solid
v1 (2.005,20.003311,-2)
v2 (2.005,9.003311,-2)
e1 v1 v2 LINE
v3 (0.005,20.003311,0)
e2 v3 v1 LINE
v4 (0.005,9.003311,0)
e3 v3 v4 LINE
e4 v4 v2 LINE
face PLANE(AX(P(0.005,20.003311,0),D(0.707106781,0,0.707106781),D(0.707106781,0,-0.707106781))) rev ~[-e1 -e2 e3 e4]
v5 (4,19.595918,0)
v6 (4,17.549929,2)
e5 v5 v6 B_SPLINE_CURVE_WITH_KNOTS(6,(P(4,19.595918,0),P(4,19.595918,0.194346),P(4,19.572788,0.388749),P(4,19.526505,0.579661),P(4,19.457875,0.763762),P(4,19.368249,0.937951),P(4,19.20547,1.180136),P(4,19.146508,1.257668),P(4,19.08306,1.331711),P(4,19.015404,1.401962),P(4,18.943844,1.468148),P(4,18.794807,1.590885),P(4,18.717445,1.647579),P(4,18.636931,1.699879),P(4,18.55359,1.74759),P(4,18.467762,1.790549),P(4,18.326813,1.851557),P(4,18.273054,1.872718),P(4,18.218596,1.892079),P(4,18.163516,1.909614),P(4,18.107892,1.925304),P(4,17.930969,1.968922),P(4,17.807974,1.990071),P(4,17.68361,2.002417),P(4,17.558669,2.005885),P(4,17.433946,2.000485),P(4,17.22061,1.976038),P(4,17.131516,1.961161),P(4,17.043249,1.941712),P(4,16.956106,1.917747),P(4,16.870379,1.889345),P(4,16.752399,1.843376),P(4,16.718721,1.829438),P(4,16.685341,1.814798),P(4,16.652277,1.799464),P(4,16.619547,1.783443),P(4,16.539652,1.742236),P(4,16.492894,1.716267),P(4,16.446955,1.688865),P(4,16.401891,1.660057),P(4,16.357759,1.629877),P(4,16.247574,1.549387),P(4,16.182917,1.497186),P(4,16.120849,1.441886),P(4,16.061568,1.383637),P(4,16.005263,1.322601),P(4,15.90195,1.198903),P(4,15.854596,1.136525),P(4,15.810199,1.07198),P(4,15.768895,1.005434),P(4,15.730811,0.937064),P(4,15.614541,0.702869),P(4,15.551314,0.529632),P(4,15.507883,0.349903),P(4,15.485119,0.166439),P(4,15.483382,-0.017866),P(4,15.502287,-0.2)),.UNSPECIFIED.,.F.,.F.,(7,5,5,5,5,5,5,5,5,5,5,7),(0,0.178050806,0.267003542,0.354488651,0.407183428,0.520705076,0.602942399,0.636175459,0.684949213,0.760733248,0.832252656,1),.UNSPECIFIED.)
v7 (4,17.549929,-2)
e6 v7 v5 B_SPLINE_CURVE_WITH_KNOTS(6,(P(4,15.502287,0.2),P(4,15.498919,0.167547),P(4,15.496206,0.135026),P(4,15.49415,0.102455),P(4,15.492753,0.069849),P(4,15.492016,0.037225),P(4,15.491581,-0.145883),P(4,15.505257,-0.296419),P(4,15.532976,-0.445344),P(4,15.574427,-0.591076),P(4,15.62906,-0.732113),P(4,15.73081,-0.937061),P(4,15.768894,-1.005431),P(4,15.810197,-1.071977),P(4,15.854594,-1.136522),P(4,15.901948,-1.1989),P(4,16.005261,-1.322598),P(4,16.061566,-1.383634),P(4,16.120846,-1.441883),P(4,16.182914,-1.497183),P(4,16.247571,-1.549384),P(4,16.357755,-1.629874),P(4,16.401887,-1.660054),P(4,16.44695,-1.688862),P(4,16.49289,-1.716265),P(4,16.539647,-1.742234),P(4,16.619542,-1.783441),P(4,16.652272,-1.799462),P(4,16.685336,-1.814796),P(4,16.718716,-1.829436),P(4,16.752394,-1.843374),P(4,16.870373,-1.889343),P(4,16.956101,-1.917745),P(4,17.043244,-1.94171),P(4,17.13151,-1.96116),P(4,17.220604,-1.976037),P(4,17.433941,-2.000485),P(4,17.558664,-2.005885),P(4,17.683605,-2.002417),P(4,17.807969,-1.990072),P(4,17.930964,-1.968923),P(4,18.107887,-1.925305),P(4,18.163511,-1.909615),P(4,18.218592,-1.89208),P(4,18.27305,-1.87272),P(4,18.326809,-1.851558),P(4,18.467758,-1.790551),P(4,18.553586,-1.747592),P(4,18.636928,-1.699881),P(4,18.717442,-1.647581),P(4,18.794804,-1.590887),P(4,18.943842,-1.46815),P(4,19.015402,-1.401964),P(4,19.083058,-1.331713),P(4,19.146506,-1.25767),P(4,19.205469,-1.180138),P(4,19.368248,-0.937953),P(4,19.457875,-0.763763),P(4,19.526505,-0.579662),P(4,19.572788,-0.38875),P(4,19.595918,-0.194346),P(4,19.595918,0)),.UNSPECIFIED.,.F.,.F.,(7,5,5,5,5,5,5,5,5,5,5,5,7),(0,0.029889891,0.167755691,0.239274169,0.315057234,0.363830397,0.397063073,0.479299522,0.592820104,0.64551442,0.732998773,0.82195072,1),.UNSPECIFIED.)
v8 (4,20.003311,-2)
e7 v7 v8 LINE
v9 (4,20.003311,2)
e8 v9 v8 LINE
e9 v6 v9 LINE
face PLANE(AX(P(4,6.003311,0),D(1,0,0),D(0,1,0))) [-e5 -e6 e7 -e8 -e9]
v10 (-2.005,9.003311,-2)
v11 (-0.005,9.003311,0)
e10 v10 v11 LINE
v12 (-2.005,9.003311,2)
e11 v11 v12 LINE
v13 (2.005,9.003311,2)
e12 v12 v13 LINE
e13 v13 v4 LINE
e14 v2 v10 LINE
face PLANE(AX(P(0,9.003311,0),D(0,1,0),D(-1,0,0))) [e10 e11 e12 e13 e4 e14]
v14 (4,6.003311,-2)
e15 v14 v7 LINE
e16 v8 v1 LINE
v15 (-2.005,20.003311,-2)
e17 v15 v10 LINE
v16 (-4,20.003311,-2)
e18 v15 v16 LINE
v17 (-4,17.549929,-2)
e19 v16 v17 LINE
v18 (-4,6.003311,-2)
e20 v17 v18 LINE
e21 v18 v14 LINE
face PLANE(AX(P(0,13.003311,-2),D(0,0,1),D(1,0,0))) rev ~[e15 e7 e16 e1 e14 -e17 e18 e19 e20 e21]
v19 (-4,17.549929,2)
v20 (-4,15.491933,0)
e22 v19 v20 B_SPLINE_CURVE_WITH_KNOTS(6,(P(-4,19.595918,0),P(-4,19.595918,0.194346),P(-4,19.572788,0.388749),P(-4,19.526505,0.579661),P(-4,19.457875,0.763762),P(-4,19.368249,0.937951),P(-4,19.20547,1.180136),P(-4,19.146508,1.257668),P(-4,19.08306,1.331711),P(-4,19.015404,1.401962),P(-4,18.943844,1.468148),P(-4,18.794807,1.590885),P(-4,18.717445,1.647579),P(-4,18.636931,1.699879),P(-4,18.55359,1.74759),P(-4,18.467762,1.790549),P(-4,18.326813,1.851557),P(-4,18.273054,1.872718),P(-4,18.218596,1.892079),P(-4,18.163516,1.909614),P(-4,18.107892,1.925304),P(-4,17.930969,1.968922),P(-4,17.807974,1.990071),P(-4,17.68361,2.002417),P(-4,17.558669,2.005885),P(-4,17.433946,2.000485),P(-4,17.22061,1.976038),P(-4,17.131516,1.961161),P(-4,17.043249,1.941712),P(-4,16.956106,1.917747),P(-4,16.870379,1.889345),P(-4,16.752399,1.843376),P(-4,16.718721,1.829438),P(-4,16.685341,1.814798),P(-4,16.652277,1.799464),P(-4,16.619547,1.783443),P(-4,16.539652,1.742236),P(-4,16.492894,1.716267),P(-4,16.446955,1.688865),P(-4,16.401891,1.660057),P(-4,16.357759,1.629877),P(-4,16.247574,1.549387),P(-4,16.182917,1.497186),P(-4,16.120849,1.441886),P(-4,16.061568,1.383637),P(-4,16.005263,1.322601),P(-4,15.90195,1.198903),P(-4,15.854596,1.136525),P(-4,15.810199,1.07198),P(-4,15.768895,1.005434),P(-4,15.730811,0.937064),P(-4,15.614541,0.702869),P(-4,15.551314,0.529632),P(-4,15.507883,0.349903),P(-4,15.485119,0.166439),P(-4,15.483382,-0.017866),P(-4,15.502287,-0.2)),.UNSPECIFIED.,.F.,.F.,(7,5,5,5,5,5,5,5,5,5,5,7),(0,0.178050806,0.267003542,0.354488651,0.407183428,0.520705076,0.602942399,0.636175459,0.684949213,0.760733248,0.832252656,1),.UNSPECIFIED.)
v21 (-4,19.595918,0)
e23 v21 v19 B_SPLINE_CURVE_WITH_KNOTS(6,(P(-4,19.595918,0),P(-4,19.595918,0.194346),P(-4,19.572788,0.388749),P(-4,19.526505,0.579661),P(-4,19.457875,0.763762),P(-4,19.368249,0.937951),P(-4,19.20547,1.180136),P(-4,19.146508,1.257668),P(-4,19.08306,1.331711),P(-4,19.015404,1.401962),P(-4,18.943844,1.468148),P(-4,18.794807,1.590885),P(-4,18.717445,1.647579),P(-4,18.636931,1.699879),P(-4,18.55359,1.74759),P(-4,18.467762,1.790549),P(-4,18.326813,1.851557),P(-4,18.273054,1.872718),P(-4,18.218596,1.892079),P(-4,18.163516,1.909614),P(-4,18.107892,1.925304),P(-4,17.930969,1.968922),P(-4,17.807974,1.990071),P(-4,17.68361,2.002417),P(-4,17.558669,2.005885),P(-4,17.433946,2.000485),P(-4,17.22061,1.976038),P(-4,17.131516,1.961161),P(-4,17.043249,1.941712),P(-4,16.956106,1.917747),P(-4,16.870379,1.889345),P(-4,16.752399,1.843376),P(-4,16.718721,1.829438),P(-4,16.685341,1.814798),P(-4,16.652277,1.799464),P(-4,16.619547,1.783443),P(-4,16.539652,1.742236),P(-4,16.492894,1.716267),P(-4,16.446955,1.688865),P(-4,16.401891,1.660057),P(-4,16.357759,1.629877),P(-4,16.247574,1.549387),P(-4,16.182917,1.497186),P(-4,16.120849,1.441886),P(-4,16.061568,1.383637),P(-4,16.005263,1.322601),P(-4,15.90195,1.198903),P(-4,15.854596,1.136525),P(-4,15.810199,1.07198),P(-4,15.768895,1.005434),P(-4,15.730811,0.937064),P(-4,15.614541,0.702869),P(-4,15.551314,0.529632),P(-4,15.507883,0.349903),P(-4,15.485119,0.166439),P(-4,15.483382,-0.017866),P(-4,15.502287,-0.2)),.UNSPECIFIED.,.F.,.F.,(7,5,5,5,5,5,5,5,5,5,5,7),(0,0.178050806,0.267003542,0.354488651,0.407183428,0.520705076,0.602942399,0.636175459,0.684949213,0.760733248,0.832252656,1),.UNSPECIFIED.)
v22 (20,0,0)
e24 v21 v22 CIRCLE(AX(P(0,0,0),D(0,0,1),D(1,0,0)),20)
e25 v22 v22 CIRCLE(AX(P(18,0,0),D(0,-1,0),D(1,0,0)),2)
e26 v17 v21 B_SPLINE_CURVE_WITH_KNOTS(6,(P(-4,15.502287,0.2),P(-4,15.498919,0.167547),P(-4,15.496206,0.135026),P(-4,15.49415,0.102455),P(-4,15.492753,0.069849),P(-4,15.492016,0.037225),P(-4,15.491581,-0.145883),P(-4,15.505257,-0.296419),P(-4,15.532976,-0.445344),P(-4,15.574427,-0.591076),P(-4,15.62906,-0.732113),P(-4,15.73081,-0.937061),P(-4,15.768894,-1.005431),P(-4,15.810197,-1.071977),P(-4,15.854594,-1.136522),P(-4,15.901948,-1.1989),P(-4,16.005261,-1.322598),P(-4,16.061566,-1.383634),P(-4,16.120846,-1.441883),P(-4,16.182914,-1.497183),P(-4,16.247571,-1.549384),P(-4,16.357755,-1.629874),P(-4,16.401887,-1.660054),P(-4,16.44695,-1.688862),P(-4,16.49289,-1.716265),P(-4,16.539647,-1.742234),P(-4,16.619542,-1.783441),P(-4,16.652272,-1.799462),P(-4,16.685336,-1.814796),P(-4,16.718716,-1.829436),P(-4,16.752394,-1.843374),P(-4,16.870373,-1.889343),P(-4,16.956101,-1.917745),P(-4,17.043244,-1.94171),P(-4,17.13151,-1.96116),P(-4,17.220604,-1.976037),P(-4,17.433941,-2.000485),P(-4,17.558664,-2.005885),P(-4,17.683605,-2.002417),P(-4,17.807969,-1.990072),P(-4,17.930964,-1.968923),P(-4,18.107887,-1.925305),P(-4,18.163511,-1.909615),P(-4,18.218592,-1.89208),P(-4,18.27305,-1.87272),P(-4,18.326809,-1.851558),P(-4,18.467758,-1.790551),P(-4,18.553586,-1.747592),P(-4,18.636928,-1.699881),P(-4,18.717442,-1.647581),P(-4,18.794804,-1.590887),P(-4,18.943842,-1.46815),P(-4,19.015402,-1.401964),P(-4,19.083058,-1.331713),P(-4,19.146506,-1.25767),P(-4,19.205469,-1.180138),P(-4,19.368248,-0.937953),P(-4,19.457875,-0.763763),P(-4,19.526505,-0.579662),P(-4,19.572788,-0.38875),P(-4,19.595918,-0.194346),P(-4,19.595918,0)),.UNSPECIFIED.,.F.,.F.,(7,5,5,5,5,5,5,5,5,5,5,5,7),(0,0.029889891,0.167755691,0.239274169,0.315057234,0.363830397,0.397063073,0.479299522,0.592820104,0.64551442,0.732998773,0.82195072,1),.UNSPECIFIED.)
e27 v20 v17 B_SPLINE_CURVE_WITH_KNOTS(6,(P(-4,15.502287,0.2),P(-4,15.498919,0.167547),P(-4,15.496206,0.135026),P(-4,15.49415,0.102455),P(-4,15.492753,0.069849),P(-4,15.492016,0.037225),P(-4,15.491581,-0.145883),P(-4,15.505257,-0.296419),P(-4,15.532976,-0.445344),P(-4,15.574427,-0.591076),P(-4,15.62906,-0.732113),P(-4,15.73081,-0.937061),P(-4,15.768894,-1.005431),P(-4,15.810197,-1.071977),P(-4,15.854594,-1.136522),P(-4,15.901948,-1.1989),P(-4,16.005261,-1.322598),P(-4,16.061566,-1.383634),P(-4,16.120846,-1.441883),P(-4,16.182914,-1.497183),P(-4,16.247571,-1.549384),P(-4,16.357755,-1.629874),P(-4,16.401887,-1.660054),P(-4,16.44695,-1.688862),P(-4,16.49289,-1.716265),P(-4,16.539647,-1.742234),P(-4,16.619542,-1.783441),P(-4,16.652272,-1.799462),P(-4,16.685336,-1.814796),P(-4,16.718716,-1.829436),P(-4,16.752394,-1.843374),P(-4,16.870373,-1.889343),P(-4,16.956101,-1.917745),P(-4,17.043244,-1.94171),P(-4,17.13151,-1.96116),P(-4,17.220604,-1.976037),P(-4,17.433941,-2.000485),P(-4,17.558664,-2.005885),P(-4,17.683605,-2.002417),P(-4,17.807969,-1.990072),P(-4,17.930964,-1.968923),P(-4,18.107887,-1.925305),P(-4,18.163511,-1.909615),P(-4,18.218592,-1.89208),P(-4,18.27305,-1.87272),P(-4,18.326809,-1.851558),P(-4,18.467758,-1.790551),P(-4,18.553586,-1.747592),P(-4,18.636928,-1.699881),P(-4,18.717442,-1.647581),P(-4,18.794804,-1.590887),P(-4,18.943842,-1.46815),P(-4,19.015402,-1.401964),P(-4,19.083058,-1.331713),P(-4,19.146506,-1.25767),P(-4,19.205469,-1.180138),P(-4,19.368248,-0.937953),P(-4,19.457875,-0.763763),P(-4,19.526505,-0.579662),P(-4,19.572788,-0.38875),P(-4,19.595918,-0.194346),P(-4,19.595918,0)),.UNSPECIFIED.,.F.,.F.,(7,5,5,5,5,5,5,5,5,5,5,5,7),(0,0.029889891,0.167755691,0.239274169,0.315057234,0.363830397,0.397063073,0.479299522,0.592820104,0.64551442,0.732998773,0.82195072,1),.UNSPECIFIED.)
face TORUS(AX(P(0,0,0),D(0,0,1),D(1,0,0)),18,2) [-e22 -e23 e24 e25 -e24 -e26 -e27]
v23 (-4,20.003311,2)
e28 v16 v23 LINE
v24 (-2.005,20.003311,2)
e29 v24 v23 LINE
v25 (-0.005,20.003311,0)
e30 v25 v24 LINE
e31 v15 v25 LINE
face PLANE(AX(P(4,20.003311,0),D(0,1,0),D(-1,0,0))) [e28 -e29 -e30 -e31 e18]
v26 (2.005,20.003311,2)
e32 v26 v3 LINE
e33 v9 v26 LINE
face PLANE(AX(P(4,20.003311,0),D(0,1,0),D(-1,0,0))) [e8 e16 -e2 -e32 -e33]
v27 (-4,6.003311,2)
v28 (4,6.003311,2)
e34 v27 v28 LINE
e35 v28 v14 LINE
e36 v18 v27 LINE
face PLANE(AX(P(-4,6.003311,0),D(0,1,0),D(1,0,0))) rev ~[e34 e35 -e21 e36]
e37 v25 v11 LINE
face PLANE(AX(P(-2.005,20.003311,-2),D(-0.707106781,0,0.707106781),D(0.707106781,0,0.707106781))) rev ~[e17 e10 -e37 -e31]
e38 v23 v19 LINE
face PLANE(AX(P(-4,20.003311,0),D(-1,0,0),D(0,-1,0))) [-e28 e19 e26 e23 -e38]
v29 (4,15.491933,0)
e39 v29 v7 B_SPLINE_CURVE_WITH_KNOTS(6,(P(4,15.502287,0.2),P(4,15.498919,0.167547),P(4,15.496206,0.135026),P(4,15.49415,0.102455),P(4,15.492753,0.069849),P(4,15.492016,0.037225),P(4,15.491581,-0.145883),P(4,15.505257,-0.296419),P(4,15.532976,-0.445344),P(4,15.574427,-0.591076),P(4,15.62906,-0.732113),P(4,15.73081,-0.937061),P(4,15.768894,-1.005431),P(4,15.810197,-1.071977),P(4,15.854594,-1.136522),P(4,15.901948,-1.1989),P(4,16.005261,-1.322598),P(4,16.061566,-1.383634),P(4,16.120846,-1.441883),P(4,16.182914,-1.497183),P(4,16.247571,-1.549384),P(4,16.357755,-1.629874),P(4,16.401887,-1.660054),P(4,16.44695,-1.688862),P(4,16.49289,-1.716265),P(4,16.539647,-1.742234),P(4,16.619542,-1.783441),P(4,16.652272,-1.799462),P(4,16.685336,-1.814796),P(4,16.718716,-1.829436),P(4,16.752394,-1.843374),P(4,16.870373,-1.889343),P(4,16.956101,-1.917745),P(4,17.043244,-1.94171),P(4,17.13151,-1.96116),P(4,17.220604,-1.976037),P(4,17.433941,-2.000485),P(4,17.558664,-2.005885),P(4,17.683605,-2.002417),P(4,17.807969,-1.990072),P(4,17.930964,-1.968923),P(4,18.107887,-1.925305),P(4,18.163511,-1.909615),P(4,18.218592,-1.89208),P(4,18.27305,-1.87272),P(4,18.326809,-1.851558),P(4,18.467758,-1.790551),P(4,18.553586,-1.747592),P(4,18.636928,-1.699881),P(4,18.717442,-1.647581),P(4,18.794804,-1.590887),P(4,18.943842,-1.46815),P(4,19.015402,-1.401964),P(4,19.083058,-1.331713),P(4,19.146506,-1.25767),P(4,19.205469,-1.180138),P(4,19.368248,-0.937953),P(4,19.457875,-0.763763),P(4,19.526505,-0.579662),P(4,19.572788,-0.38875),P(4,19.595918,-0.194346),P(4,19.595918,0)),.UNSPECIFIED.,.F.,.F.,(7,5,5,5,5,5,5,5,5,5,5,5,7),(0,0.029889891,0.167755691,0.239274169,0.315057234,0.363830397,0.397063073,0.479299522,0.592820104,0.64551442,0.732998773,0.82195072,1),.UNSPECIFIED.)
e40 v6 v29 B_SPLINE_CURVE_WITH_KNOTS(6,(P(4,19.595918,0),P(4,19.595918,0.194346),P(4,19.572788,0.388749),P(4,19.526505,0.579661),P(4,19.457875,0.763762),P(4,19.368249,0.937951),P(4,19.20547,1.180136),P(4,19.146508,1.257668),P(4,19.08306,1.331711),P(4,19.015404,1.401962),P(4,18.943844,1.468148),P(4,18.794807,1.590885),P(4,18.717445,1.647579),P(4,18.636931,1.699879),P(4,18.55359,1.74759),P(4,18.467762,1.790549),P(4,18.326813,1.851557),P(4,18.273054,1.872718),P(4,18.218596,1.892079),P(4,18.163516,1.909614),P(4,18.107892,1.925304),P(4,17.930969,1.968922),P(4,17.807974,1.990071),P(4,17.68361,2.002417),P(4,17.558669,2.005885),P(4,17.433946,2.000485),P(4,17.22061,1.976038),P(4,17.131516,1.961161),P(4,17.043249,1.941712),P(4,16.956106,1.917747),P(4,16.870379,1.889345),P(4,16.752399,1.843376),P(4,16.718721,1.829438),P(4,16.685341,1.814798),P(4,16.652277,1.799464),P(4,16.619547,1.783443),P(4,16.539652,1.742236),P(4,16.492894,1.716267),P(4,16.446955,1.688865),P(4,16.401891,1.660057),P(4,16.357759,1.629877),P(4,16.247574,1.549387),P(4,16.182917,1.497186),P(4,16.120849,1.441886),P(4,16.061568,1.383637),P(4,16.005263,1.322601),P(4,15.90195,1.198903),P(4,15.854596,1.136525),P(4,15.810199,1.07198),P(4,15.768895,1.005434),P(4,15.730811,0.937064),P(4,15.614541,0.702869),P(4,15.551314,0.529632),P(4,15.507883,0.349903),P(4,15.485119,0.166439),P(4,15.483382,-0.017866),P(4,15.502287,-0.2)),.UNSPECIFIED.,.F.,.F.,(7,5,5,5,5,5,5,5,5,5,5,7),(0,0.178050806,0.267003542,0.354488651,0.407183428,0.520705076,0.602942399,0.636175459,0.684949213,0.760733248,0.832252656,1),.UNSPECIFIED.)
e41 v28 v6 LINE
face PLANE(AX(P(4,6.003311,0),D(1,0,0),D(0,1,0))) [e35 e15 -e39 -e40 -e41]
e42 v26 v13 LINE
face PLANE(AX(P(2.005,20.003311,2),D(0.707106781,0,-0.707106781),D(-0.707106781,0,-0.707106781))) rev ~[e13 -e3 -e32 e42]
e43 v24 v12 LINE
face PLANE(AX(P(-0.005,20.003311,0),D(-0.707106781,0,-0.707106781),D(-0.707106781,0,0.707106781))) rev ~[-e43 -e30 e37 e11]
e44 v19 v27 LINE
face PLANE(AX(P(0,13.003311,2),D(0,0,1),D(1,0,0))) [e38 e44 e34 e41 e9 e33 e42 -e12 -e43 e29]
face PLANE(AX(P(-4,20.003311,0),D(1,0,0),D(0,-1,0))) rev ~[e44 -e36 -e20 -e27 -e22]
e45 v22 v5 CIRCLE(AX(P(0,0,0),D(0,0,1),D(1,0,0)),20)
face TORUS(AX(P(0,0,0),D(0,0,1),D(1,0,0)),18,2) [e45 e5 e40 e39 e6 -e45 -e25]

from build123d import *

# Parameters (mm, degrees)
F1_R          = 2
F4_DEPTH      = 2
F4_DEPTH_BACK = 2
F6_DEPTH      = 11


with BuildPart() as f2:
    # F1 (on Front) → F2 (revolve)
    with BuildSketch(Plane.XZ):
        with Locations((18, 0)):
            Circle(F1_R)
    revolve(axis=Axis((0, 0, 0), (0, 0, 1)))

    # F3 (on face) → F4 (join, two sides)
    with BuildSketch(Plane.XY) as f4_sk:
        Polygon((4, 20.003311336), (0, 20.003311336), (-4, 20.003311336), (-4, 6.003311336), (0, 6.003311336), (4, 6.003311336), align=None)
    extrude(amount=F4_DEPTH)
    extrude(f4_sk.sketch, amount=-F4_DEPTH_BACK)

    # F5 (on face) → F6 (cut)
    with BuildSketch(Plane(origin=(0, 20.003311336, 0), x_dir=(-1, 0, 0), z_dir=(0, 1, 0))):
        Polygon((-0.005, 0), (-2.005, -2), (2.005, -2), (0.005, 0), (2.005, 2), (-2.005, 2), align=None)
    extrude(amount=-F6_DEPTH, mode=Mode.SUBTRACT)


solid = f2.part
